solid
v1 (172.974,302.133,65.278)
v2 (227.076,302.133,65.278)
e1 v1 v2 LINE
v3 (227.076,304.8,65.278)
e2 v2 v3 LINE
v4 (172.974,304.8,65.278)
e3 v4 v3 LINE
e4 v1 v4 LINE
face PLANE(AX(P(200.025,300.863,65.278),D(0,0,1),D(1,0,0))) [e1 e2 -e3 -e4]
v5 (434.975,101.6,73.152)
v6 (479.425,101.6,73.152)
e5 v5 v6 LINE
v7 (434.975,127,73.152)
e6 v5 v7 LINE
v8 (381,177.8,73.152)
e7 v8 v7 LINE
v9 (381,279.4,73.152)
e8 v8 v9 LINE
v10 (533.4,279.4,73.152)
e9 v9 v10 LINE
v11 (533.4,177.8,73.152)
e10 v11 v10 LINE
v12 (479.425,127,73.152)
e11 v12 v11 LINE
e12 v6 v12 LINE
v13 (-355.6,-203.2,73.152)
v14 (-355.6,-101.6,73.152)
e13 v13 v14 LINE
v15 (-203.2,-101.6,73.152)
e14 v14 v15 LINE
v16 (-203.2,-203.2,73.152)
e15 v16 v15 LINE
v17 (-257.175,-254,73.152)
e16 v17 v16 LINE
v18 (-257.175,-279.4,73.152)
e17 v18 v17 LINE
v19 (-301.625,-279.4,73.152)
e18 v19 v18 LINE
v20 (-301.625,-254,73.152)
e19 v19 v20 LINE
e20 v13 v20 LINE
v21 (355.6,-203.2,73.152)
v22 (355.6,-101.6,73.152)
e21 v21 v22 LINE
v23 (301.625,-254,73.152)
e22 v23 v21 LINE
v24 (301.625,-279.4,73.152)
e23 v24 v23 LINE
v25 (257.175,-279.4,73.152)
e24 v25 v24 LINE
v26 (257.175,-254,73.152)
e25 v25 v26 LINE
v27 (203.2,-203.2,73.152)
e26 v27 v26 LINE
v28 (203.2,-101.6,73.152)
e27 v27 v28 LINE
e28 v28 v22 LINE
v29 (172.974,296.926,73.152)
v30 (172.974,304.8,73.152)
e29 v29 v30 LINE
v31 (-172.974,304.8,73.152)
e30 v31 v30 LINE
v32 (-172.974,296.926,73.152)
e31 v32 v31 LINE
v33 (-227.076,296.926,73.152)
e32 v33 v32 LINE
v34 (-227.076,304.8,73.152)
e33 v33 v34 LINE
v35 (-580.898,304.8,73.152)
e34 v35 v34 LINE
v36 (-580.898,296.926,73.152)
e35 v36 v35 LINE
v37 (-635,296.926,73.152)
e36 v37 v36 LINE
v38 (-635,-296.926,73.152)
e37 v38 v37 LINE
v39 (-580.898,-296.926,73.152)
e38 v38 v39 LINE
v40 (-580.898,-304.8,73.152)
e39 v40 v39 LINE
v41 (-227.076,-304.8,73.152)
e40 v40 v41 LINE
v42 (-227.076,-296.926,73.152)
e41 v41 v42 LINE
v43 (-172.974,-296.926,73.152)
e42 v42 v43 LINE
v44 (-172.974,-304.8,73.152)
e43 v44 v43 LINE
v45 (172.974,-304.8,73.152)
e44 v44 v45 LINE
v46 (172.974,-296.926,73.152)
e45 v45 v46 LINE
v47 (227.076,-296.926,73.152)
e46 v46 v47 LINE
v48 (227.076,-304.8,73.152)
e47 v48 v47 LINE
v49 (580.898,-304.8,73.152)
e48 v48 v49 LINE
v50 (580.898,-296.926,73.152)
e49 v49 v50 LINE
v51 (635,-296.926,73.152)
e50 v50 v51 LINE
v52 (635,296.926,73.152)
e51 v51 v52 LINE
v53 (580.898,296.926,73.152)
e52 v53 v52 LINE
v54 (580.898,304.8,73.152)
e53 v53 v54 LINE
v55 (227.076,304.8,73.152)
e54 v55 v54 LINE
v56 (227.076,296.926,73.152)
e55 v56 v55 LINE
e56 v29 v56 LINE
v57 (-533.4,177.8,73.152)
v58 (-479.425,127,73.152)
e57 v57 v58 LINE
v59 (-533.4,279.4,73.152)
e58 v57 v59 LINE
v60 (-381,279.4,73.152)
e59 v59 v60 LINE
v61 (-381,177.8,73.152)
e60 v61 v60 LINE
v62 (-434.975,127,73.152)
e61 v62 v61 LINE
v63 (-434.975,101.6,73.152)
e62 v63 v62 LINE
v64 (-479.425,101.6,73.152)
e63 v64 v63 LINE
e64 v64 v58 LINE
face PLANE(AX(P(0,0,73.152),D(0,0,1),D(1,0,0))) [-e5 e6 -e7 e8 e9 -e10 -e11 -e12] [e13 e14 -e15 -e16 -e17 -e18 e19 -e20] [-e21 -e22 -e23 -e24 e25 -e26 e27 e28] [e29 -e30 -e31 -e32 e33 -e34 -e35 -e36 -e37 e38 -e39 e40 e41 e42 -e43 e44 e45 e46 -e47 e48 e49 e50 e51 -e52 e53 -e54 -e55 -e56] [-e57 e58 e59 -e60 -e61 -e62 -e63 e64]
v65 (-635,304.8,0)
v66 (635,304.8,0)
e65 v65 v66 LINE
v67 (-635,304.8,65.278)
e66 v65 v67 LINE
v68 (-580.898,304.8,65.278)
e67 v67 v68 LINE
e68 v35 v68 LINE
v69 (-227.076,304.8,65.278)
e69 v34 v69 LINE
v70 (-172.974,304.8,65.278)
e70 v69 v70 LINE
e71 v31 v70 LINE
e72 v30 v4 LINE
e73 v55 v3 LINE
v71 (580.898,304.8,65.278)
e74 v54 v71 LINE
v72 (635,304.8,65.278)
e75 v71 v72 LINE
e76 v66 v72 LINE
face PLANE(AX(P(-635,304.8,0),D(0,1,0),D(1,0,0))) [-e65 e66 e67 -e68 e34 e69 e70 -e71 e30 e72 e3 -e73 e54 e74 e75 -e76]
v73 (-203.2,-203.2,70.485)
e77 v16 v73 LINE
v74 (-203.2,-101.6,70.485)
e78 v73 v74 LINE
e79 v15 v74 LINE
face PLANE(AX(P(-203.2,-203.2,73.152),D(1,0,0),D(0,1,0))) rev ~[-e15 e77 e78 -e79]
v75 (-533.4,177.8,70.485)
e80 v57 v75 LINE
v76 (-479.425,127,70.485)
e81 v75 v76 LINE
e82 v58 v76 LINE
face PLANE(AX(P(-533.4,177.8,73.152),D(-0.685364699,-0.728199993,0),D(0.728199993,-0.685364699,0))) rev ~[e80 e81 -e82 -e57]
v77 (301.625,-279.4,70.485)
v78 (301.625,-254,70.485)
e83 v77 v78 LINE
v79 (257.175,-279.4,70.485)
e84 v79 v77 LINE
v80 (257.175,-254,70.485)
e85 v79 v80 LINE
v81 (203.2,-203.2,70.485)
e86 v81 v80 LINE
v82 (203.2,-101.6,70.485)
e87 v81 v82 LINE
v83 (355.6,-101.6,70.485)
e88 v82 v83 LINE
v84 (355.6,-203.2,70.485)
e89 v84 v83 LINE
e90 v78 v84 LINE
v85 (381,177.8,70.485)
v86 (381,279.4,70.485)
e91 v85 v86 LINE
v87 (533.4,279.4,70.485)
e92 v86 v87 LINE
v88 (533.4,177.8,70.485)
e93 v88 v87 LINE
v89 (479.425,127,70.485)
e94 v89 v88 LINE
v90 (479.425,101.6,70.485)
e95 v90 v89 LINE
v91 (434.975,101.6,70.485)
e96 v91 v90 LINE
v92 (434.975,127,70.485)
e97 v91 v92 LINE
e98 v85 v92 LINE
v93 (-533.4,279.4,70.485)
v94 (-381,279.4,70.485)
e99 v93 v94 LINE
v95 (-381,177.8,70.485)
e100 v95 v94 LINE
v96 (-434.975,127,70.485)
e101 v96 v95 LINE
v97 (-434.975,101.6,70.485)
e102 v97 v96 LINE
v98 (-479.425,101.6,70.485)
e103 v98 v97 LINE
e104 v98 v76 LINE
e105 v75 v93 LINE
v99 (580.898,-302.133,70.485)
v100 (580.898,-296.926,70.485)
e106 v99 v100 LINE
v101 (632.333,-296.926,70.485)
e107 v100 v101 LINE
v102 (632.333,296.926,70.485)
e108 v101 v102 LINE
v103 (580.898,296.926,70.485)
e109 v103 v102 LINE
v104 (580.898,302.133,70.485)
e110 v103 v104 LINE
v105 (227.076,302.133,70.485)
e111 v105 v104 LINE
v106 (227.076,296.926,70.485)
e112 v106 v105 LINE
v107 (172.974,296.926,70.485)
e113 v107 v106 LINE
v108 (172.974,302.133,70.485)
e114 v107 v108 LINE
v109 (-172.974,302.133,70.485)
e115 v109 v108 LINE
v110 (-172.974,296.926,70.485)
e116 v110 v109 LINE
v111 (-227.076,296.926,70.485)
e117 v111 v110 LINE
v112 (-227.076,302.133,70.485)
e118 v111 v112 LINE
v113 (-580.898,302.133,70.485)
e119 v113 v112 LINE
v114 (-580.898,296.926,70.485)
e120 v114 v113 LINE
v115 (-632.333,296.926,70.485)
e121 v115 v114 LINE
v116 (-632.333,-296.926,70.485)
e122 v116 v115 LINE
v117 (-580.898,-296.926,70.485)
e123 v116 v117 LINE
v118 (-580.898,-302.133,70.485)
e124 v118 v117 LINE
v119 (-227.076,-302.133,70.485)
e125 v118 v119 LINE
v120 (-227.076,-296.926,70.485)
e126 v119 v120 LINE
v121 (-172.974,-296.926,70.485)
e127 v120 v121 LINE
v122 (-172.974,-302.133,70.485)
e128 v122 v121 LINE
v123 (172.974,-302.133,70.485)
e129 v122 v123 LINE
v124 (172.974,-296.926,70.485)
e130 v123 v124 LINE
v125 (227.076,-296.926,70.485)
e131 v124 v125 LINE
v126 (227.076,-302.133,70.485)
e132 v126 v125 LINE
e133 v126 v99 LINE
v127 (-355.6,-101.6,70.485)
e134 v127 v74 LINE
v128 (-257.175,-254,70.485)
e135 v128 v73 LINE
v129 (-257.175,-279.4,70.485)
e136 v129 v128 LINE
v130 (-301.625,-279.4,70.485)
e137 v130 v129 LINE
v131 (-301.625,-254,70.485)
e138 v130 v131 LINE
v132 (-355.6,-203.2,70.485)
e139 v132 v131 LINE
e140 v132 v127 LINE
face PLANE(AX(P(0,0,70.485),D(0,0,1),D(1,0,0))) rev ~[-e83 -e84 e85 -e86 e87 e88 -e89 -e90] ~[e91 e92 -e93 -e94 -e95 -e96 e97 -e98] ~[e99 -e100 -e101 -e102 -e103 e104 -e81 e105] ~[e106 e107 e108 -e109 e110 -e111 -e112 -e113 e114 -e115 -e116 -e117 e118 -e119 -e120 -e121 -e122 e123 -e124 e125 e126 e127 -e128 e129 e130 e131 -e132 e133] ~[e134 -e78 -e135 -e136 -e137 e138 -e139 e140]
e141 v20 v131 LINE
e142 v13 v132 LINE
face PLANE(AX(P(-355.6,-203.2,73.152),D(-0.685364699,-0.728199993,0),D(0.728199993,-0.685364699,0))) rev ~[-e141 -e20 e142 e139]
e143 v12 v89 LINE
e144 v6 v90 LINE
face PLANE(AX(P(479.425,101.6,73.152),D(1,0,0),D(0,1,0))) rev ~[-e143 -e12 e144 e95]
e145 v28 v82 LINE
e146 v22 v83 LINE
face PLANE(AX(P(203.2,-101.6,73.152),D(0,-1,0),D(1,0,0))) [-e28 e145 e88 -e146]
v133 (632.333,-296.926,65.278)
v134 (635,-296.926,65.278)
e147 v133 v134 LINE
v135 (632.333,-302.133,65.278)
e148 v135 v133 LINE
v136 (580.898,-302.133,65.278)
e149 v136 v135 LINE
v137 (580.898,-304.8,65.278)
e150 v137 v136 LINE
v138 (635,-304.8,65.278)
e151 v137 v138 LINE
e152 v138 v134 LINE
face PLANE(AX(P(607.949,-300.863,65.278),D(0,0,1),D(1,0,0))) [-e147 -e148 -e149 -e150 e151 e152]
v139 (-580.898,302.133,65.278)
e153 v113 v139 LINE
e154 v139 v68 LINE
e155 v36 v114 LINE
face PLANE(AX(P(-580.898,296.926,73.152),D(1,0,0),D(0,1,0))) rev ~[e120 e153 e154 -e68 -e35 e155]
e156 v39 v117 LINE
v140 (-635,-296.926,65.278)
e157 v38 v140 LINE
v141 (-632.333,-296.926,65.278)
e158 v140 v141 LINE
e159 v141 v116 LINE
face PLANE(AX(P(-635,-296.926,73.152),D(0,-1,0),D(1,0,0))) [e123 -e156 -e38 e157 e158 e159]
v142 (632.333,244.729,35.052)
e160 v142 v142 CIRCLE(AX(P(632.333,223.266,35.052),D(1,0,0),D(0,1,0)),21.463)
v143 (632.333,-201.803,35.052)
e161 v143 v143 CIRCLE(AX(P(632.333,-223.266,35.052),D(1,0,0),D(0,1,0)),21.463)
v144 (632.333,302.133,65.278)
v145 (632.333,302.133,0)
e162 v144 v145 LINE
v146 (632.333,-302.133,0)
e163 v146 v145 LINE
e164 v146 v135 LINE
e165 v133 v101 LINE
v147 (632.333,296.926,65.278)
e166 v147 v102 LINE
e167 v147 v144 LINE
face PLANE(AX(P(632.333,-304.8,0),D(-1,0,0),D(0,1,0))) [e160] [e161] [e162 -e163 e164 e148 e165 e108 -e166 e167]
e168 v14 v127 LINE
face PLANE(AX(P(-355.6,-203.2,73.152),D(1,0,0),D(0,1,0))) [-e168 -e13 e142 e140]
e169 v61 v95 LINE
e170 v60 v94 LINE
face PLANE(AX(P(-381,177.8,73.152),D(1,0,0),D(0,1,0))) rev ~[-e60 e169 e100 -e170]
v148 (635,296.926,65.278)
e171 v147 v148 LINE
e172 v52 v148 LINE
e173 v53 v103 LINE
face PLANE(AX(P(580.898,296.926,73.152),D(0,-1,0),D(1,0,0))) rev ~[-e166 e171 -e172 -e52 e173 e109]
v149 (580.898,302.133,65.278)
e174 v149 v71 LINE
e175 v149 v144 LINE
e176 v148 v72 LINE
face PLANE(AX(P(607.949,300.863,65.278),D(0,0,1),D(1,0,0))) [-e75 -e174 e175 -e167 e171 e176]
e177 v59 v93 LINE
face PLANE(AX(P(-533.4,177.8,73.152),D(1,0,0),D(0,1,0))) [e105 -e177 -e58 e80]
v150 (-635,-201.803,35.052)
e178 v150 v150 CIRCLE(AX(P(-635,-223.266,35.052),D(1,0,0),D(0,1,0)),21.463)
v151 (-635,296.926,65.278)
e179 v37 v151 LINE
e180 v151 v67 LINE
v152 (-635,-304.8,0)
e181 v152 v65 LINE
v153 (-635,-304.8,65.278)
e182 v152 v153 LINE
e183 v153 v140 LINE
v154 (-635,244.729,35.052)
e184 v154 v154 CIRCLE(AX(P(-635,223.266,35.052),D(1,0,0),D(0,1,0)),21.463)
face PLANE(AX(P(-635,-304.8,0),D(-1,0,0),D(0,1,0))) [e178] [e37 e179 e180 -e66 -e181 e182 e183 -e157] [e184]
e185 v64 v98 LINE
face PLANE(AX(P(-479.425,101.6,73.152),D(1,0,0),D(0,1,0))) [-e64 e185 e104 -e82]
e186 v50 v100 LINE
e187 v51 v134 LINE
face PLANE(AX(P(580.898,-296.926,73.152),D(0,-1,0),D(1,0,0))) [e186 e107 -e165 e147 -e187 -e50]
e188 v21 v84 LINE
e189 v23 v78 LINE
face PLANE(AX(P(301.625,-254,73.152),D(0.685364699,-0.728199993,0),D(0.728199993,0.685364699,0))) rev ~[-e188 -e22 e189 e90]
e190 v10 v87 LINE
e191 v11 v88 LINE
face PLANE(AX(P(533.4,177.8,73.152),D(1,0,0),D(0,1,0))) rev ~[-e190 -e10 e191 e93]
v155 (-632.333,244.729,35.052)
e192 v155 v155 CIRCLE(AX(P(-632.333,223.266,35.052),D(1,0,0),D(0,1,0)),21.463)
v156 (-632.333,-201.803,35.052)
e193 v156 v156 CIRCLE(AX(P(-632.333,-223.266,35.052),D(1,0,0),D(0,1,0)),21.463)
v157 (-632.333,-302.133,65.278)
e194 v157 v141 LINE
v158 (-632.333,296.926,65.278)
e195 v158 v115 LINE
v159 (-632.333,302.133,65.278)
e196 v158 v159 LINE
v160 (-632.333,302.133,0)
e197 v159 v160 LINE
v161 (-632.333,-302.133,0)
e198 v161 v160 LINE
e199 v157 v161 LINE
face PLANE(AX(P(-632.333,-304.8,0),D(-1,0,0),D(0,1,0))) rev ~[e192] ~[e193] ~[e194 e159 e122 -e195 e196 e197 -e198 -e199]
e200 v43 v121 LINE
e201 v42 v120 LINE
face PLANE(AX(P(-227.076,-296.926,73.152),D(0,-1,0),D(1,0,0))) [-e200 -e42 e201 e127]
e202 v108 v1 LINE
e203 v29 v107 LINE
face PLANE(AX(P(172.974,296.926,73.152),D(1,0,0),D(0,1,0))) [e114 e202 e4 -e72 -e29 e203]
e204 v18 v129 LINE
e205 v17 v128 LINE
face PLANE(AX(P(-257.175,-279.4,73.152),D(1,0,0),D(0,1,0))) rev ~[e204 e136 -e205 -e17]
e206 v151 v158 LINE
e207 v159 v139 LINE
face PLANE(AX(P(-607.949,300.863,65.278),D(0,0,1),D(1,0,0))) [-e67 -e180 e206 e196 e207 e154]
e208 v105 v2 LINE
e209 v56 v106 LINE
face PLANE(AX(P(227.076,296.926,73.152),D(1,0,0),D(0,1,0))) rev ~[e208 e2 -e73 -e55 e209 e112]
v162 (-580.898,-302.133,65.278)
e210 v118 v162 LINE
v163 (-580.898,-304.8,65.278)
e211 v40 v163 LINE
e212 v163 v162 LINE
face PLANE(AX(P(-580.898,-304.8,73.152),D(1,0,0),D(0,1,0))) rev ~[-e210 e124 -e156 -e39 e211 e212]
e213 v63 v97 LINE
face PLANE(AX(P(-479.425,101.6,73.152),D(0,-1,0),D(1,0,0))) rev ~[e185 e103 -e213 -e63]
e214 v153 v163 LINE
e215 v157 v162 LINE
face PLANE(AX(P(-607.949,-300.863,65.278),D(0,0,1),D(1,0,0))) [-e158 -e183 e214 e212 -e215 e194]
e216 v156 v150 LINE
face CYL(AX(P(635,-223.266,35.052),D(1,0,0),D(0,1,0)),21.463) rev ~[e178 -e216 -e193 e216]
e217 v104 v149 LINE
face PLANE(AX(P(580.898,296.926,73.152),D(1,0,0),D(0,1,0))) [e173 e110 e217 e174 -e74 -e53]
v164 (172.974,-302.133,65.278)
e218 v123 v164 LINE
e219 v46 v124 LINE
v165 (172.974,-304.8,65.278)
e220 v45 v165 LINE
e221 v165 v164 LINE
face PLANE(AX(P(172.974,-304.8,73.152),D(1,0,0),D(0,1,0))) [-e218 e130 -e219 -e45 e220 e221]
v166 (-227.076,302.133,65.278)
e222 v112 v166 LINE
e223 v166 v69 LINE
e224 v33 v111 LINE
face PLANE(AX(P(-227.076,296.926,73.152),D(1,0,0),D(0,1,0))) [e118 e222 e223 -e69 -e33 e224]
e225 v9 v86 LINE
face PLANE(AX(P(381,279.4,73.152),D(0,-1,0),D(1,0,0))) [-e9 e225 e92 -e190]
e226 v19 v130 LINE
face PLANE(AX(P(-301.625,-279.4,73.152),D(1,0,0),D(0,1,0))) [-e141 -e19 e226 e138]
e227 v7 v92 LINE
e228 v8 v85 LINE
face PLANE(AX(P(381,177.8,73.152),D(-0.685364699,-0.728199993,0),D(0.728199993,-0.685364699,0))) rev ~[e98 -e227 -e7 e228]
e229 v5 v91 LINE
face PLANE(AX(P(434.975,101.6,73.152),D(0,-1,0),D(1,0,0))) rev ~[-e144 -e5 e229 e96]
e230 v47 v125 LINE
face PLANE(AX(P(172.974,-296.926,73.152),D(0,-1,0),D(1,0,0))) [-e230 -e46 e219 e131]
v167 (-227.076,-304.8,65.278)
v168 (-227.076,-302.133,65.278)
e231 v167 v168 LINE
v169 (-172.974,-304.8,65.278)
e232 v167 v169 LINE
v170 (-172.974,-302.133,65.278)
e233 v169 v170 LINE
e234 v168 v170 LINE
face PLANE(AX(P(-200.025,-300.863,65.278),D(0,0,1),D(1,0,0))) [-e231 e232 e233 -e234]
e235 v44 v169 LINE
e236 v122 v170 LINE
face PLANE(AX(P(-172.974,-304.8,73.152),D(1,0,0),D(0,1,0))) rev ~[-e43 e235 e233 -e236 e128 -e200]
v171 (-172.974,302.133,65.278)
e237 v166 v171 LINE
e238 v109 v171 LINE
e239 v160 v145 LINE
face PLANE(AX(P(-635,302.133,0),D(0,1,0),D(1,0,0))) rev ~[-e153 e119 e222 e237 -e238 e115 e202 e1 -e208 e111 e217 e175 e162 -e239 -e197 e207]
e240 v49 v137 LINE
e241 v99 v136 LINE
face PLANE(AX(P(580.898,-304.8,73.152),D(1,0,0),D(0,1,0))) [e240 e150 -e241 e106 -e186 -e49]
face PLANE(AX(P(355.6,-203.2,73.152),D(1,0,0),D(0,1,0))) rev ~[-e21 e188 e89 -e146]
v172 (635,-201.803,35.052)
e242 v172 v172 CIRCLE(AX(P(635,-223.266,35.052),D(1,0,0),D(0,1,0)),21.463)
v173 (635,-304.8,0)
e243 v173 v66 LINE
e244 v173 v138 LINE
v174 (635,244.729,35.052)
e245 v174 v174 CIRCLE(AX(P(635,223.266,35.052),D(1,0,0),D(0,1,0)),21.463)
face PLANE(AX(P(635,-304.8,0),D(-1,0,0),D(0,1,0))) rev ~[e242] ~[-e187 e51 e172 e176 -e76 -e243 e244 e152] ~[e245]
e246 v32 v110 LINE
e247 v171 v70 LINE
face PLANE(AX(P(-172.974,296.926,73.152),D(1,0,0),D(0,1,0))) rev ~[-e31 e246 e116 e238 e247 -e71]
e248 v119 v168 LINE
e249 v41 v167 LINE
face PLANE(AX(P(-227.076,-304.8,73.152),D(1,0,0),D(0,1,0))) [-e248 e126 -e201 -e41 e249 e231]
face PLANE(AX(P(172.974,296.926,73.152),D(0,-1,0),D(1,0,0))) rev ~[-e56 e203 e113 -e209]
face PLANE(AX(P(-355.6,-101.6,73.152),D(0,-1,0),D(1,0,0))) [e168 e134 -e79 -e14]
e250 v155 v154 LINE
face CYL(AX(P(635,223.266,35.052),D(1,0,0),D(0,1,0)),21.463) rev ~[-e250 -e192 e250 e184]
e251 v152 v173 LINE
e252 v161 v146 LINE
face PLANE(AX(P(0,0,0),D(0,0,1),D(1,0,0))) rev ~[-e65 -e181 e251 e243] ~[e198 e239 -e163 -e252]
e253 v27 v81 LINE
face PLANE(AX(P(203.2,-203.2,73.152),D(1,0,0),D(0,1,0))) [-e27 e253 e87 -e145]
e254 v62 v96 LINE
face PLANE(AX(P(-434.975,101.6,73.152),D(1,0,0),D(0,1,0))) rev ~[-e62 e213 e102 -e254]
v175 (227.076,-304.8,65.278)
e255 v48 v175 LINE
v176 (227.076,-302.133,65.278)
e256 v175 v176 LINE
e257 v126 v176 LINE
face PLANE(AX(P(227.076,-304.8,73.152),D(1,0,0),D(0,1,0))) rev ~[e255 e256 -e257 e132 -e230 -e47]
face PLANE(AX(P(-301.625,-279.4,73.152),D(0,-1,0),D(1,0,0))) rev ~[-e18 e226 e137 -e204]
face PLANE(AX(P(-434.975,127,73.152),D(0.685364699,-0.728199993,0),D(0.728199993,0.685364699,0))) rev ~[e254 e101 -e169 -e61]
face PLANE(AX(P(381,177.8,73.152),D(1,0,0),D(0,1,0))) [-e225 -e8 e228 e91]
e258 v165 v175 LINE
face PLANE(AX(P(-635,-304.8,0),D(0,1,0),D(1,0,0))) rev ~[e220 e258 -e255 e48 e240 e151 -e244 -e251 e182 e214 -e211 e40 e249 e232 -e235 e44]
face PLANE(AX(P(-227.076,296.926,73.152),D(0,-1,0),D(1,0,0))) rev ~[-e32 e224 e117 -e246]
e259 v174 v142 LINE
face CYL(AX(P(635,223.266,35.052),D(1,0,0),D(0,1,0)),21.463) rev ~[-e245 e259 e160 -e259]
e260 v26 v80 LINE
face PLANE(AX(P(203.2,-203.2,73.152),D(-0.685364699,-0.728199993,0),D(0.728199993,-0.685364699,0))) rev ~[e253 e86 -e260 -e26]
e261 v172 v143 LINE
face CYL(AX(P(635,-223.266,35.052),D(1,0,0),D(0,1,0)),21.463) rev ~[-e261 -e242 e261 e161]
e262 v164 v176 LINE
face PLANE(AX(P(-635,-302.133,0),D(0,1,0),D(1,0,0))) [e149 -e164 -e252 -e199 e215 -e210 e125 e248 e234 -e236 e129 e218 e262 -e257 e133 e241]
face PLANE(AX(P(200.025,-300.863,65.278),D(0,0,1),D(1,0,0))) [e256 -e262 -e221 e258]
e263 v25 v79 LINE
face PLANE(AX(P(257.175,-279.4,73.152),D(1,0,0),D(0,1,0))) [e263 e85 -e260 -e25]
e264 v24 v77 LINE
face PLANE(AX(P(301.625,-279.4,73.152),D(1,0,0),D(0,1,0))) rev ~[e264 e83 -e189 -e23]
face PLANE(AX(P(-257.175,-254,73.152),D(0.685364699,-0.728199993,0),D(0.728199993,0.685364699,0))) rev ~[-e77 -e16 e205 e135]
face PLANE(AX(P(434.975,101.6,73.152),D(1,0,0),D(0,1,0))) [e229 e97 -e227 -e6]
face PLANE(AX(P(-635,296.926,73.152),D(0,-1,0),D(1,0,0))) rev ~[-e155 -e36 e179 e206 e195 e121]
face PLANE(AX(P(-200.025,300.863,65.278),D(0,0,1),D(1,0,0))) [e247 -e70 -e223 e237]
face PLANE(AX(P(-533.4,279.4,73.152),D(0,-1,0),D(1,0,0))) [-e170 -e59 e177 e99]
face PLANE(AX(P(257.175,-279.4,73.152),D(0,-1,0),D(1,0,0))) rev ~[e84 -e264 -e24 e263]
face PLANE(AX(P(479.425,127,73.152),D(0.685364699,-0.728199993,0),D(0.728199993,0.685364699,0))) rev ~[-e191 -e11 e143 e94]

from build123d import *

# Parameters (mm, degrees)
F0_W     = 1270
F0_H     = 609.6
F1_DEPTH = 73.152
F2_T     = -2.667
F3_W     = 152.4
F3_H     = 101.6
F3_W_2   = 44.45
F3_H_2   = 25.4
F4_DEPTH = 73.153
F5_W     = 54.102
F5_H     = 7.874
F6_DEPTH = 7.874
F7_R     = 21.463
F8_DEPTH = 1270.001


with BuildPart() as f1:
    # F0 (on Top) → F1 (new body)
    with BuildSketch(Plane.XY):
        Rectangle(F0_W, F0_H)
    extrude(amount=F1_DEPTH)

    # F2
    f2_openings = [f1.faces().sort_by_distance(p)[0] for p in [
        (0, 0, 0),
    ]]
    offset(amount=F2_T, openings=f2_openings)

    # F3 (on face) → F4 (cut, through all)
    with BuildSketch(Plane.XY.offset(73.152)):
        with Locations((-457.2, 228.6)):
            Rectangle(F3_W, F3_H)
        Polygon((-434.975, 127), (-381, 177.8), (-533.4, 177.8), (-479.425, 127), align=None)
        with Locations((-457.2, 114.3)):
            Rectangle(F3_W_2, F3_H_2)
        with Locations((-279.4, -152.4)):
            Rectangle(F3_W, F3_H)
        Polygon((-355.6, -203.2), (-301.625, -254), (-257.175, -254), (-203.2, -203.2), align=None)
        with Locations((-279.4, -266.7)):
            Rectangle(F3_W_2, F3_H_2)
        with Locations((279.4, -266.7)):
            Rectangle(F3_W_2, F3_H_2)
        with Locations((279.4, -152.4)):
            Rectangle(F3_W, F3_H)
        with Locations((457.2, 114.3)):
            Rectangle(F3_W_2, F3_H_2)
        Polygon((381, 177.8), (434.975, 127), (479.425, 127), (533.4, 177.8), align=None)
        with Locations((457.2, 228.6)):
            Rectangle(F3_W, F3_H)
        Polygon((203.2, -203.2), (257.175, -254), (301.625, -254), (355.6, -203.2), align=None)
    extrude(amount=-F4_DEPTH, mode=Mode.SUBTRACT)

    # F5 (on face) → F6 (cut)
    with BuildSketch(Plane.XY.offset(73.152)):
        with Locations((-607.949, 300.863)):
            Rectangle(F5_W, F5_H)
        with Locations((-200.025, 300.863)):
            Rectangle(F5_W, F5_H)
        with Locations((200.025, 300.863)):
            Rectangle(F5_W, F5_H)
        with Locations((607.949, 300.863)):
            Rectangle(F5_W, F5_H)
        with Locations((607.949, -300.863)):
            Rectangle(F5_W, F5_H)
        with Locations((200.025, -300.863)):
            Rectangle(F5_W, F5_H)
        with Locations((-200.025, -300.863)):
            Rectangle(F5_W, F5_H)
        with Locations((-607.949, -300.863)):
            Rectangle(F5_W, F5_H)
    extrude(amount=-F6_DEPTH, mode=Mode.SUBTRACT)

    # F7 (on face) → F8 (cut, through all)
    with BuildSketch(Plane.YZ.offset(635)):
        with Locations((223.266, 35.052)):
            Circle(F7_R)
        with Locations((-223.266, 35.052)):
            Circle(F7_R)
    extrude(amount=-F8_DEPTH, mode=Mode.SUBTRACT)


solid = f1.part
